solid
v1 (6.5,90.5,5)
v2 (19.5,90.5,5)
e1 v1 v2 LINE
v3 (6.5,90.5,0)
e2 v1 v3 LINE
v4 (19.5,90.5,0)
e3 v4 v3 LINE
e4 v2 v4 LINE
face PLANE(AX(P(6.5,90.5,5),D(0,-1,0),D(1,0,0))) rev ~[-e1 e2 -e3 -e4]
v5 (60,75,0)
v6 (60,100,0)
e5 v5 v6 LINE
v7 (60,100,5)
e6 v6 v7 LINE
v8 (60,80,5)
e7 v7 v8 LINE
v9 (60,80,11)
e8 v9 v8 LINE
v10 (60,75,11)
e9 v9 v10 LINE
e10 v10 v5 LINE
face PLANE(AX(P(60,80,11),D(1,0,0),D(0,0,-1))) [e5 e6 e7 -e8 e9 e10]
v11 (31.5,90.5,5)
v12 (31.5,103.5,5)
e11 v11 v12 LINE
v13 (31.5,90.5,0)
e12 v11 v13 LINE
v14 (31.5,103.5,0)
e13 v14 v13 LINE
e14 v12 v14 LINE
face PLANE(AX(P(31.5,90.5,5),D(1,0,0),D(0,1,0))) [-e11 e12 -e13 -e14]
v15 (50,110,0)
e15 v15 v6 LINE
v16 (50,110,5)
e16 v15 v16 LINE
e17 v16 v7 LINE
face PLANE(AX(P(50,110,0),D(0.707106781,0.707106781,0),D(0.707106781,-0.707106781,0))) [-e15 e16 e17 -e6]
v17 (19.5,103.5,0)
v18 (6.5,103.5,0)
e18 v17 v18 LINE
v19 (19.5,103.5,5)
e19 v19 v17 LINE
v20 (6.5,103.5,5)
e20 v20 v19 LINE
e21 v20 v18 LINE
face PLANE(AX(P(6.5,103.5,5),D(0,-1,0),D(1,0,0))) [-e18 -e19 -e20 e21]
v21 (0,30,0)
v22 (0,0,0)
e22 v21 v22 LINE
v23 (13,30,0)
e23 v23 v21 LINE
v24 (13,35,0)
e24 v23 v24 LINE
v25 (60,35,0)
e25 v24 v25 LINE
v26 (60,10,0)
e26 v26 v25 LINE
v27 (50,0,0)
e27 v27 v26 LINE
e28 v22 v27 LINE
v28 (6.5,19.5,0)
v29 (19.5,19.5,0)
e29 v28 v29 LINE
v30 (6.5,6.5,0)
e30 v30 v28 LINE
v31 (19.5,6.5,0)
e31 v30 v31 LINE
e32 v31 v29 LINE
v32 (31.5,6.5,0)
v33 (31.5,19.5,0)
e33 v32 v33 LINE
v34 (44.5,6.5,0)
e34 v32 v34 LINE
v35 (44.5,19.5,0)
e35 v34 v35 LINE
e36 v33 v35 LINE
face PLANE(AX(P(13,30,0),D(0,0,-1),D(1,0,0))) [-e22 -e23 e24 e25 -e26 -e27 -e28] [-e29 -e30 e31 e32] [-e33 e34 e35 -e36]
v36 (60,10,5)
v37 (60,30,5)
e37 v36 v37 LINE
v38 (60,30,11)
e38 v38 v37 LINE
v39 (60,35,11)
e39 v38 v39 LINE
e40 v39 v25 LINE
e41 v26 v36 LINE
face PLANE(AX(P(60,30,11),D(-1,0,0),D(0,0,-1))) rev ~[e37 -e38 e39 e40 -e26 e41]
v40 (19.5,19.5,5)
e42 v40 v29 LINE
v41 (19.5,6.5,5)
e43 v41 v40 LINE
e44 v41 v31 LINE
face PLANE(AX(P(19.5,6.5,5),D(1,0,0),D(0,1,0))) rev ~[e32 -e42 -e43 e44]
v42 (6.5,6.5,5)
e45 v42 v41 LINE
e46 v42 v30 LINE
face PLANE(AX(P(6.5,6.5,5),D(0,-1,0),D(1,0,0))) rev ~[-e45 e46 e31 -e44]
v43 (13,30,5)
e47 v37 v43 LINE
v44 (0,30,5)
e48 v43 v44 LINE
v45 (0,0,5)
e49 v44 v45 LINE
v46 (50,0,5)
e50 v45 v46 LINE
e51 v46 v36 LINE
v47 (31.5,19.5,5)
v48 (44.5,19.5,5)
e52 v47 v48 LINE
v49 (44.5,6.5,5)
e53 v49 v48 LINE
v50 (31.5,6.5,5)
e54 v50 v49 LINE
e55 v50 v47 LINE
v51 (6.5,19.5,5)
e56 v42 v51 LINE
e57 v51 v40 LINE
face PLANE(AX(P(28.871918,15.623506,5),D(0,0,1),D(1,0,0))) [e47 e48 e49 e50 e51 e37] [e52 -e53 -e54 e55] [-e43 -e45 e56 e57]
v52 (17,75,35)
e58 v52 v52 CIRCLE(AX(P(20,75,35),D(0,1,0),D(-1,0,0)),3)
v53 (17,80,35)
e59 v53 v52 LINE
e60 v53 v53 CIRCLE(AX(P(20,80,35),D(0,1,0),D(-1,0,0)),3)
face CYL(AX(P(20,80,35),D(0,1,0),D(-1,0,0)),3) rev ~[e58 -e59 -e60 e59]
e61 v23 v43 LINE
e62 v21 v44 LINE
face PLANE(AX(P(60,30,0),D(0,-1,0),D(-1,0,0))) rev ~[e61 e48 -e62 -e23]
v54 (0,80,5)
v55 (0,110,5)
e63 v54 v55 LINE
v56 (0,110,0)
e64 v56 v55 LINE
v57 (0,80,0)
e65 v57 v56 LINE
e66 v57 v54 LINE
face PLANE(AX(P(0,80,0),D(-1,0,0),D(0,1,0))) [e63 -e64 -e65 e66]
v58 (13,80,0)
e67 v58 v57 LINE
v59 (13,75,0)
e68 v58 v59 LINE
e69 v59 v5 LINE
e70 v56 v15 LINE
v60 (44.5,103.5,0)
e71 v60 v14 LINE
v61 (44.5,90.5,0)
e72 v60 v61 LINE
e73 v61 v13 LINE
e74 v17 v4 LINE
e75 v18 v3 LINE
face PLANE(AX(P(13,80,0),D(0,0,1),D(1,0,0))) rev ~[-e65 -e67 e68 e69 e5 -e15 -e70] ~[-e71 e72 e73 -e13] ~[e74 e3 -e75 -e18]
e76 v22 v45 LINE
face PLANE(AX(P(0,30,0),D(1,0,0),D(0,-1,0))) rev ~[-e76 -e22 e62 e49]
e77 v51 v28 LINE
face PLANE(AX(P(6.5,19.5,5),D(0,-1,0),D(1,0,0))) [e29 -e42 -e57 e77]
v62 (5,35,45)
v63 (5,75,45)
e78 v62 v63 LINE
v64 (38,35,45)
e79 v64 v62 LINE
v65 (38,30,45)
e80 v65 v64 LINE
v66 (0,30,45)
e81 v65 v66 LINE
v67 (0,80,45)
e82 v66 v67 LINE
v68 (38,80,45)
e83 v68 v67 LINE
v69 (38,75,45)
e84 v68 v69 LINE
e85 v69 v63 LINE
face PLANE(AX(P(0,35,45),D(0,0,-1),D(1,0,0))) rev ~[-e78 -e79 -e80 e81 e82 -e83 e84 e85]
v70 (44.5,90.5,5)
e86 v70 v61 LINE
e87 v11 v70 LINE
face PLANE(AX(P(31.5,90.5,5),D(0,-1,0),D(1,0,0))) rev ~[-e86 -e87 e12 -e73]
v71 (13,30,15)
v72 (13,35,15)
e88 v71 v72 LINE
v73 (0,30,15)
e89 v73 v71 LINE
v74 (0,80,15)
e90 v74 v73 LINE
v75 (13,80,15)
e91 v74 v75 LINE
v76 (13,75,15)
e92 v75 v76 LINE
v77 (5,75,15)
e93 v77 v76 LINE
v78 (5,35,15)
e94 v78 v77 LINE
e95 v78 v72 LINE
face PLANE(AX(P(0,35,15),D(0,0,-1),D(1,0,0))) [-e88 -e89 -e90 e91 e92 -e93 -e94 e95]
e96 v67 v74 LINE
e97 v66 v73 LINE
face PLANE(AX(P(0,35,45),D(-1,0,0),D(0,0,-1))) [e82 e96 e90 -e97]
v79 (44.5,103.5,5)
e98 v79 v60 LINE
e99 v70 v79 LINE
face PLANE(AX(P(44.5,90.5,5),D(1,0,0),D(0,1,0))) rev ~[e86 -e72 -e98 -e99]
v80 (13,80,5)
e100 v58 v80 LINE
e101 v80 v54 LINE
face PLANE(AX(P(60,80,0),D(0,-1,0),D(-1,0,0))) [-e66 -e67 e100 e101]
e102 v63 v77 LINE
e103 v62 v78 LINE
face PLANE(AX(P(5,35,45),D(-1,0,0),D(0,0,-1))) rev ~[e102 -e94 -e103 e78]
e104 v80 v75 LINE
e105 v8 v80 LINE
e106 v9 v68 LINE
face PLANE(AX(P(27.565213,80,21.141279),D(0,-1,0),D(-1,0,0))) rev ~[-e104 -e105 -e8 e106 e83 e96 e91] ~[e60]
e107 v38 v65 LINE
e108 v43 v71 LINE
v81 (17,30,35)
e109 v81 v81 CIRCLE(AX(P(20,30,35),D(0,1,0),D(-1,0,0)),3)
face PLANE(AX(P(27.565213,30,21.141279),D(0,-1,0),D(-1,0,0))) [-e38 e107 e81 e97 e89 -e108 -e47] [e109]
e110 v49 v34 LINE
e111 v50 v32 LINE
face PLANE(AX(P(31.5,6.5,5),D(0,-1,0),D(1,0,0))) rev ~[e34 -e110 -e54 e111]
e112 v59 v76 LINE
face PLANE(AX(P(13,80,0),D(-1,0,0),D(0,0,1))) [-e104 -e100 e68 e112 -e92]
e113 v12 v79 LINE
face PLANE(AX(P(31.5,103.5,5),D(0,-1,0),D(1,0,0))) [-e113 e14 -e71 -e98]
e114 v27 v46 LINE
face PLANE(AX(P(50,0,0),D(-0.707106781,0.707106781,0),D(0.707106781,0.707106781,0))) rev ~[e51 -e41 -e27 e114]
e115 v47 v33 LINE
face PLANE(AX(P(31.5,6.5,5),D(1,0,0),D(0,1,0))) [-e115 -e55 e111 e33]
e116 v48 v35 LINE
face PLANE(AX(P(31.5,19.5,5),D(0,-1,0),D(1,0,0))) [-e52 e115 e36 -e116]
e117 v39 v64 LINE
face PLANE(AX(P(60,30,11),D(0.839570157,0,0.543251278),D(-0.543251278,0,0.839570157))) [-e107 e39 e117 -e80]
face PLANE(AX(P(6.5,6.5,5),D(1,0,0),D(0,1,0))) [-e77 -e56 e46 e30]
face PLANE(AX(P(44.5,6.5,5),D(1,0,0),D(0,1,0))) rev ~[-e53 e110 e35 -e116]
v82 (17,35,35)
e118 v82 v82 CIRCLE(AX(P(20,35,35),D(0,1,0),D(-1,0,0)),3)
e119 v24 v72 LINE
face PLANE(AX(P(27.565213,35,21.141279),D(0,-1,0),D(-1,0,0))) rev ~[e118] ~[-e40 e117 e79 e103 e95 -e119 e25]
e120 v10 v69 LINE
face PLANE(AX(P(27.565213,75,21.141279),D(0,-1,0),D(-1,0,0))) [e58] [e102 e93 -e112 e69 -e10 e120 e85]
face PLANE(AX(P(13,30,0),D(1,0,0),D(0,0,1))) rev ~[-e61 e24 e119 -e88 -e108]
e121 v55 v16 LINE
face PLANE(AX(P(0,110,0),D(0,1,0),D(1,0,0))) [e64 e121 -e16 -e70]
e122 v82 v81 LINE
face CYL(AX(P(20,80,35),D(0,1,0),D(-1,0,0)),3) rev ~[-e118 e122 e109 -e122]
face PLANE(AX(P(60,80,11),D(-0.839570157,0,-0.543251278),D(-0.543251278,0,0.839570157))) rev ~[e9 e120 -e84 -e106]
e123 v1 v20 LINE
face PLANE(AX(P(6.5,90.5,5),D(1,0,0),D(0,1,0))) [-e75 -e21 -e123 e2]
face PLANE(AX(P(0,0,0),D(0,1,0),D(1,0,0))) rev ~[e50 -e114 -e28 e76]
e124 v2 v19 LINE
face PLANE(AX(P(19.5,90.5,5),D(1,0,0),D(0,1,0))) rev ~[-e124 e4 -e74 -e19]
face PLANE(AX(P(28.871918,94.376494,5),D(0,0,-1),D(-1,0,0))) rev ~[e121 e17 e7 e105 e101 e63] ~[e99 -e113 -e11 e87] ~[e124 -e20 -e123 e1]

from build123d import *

# Parameters (mm, degrees)
BOSS_EXTRUDE4_DEPTH   = 5
BOSS_EXTRUDE4_2_DEPTH = 5
SKETCH3_W             = 13
SKETCH3_H             = 13
CUT_EXTRUDE2_DEPTH    = 126.39936204
BOSS_EXTRUDE5_DEPTH   = 5
BOSS_EXTRUDE6_START   = 50
BOSS_EXTRUDE6_DEPTH   = 5
SKETCH5_W             = 5
SKETCH5_H             = 30
BOSS_EXTRUDE7_DEPTH   = 40
SKETCH6_R             = 3
CUT_EXTRUDE3_DEPTH    = 110.658560997


with BuildPart() as part:
    # Sketch1 → Boss-Extrude4 (new body)
    with BuildSketch(Plane.XY):
        Polygon((0, 0), (50, 0), (60, 10), (60, 30), (0, 30), align=None)
    extrude(amount=BOSS_EXTRUDE4_DEPTH)


with BuildPart() as body_2:
    # Sketch1 → Boss-Extrude4 2 (new body)
    with BuildSketch(Plane.XY):
        Polygon((0, 80), (0, 110), (50, 110), (60, 100), (60, 80), align=None)
    extrude(amount=BOSS_EXTRUDE4_2_DEPTH)


with BuildPart() as cut_extrude2_tool:
    # Sketch3 → Cut-Extrude2 (new, through all)
    with BuildSketch(Plane.XY.offset(5)):
        with Locations((13, 97)):
            Rectangle(SKETCH3_W, SKETCH3_H)
        with Locations((38, 97)):
            Rectangle(SKETCH3_W, SKETCH3_H)
        with Locations((13, 13)):
            Rectangle(SKETCH3_W, SKETCH3_H)
        with Locations((38, 13)):
            Rectangle(SKETCH3_W, SKETCH3_H)
    extrude(amount=-CUT_EXTRUDE2_DEPTH)


with BuildPart() as part_1:
    add(part.part)

    # Cut-Extrude2: cut by cut_extrude2_tool
    add(cut_extrude2_tool.part, mode=Mode.SUBTRACT)

    # Sketch4 → Boss-Extrude5 (add)
    with BuildSketch(Plane(origin=(0, 30, 0), x_dir=(1, 0, 0), z_dir=(0, 1, 0))):
        Polygon((60, -5), (60, -11), (38, -45), (0, -45), (0, -15), (13, -15), (13, -5), (13, 0), (60, 0), align=None)
    extrude(amount=BOSS_EXTRUDE5_DEPTH)



with BuildPart() as body_2_1:
    add(body_2.part)

    # Cut-Extrude2: cut by cut_extrude2_tool
    add(cut_extrude2_tool.part, mode=Mode.SUBTRACT)

    # Sketch4<2> → Boss-Extrude6 (add)
    with BuildSketch(Plane(origin=(0, 30, 0), x_dir=(1, 0, 0), z_dir=(0, 1, 0)).offset(BOSS_EXTRUDE6_START)):
        Polygon((60, -5), (60, -11), (38, -45), (0, -45), (0, -15), (13, -15), (13, -5), (13, 0), (60, 0), align=None)
    extrude(amount=-BOSS_EXTRUDE6_DEPTH)


with BuildPart() as part_2:
    add(part_1.part)

    add(body_2_1.part)  # Boss-Extrude7 merges body 2
    # Sketch5 → Boss-Extrude7 (add)
    with BuildSketch(Plane(origin=(0, 35, 0), x_dir=(1, 0, 0), z_dir=(0, 1, 0))):
        with Locations((2.5, -30)):
            Rectangle(SKETCH5_W, SKETCH5_H)
    extrude(amount=BOSS_EXTRUDE7_DEPTH)

    # Sketch6 → Cut-Extrude3 (cut, through all)
    with BuildSketch(Plane(origin=(0, 80, 0), x_dir=(1, 0, 0), z_dir=(0, 1, 0))):
        with Locations(Location((20, -35, 0), (0, 0, 180))):
            Circle(SKETCH6_R)
    extrude(amount=-CUT_EXTRUDE3_DEPTH, mode=Mode.SUBTRACT)


solid = part_2.part
